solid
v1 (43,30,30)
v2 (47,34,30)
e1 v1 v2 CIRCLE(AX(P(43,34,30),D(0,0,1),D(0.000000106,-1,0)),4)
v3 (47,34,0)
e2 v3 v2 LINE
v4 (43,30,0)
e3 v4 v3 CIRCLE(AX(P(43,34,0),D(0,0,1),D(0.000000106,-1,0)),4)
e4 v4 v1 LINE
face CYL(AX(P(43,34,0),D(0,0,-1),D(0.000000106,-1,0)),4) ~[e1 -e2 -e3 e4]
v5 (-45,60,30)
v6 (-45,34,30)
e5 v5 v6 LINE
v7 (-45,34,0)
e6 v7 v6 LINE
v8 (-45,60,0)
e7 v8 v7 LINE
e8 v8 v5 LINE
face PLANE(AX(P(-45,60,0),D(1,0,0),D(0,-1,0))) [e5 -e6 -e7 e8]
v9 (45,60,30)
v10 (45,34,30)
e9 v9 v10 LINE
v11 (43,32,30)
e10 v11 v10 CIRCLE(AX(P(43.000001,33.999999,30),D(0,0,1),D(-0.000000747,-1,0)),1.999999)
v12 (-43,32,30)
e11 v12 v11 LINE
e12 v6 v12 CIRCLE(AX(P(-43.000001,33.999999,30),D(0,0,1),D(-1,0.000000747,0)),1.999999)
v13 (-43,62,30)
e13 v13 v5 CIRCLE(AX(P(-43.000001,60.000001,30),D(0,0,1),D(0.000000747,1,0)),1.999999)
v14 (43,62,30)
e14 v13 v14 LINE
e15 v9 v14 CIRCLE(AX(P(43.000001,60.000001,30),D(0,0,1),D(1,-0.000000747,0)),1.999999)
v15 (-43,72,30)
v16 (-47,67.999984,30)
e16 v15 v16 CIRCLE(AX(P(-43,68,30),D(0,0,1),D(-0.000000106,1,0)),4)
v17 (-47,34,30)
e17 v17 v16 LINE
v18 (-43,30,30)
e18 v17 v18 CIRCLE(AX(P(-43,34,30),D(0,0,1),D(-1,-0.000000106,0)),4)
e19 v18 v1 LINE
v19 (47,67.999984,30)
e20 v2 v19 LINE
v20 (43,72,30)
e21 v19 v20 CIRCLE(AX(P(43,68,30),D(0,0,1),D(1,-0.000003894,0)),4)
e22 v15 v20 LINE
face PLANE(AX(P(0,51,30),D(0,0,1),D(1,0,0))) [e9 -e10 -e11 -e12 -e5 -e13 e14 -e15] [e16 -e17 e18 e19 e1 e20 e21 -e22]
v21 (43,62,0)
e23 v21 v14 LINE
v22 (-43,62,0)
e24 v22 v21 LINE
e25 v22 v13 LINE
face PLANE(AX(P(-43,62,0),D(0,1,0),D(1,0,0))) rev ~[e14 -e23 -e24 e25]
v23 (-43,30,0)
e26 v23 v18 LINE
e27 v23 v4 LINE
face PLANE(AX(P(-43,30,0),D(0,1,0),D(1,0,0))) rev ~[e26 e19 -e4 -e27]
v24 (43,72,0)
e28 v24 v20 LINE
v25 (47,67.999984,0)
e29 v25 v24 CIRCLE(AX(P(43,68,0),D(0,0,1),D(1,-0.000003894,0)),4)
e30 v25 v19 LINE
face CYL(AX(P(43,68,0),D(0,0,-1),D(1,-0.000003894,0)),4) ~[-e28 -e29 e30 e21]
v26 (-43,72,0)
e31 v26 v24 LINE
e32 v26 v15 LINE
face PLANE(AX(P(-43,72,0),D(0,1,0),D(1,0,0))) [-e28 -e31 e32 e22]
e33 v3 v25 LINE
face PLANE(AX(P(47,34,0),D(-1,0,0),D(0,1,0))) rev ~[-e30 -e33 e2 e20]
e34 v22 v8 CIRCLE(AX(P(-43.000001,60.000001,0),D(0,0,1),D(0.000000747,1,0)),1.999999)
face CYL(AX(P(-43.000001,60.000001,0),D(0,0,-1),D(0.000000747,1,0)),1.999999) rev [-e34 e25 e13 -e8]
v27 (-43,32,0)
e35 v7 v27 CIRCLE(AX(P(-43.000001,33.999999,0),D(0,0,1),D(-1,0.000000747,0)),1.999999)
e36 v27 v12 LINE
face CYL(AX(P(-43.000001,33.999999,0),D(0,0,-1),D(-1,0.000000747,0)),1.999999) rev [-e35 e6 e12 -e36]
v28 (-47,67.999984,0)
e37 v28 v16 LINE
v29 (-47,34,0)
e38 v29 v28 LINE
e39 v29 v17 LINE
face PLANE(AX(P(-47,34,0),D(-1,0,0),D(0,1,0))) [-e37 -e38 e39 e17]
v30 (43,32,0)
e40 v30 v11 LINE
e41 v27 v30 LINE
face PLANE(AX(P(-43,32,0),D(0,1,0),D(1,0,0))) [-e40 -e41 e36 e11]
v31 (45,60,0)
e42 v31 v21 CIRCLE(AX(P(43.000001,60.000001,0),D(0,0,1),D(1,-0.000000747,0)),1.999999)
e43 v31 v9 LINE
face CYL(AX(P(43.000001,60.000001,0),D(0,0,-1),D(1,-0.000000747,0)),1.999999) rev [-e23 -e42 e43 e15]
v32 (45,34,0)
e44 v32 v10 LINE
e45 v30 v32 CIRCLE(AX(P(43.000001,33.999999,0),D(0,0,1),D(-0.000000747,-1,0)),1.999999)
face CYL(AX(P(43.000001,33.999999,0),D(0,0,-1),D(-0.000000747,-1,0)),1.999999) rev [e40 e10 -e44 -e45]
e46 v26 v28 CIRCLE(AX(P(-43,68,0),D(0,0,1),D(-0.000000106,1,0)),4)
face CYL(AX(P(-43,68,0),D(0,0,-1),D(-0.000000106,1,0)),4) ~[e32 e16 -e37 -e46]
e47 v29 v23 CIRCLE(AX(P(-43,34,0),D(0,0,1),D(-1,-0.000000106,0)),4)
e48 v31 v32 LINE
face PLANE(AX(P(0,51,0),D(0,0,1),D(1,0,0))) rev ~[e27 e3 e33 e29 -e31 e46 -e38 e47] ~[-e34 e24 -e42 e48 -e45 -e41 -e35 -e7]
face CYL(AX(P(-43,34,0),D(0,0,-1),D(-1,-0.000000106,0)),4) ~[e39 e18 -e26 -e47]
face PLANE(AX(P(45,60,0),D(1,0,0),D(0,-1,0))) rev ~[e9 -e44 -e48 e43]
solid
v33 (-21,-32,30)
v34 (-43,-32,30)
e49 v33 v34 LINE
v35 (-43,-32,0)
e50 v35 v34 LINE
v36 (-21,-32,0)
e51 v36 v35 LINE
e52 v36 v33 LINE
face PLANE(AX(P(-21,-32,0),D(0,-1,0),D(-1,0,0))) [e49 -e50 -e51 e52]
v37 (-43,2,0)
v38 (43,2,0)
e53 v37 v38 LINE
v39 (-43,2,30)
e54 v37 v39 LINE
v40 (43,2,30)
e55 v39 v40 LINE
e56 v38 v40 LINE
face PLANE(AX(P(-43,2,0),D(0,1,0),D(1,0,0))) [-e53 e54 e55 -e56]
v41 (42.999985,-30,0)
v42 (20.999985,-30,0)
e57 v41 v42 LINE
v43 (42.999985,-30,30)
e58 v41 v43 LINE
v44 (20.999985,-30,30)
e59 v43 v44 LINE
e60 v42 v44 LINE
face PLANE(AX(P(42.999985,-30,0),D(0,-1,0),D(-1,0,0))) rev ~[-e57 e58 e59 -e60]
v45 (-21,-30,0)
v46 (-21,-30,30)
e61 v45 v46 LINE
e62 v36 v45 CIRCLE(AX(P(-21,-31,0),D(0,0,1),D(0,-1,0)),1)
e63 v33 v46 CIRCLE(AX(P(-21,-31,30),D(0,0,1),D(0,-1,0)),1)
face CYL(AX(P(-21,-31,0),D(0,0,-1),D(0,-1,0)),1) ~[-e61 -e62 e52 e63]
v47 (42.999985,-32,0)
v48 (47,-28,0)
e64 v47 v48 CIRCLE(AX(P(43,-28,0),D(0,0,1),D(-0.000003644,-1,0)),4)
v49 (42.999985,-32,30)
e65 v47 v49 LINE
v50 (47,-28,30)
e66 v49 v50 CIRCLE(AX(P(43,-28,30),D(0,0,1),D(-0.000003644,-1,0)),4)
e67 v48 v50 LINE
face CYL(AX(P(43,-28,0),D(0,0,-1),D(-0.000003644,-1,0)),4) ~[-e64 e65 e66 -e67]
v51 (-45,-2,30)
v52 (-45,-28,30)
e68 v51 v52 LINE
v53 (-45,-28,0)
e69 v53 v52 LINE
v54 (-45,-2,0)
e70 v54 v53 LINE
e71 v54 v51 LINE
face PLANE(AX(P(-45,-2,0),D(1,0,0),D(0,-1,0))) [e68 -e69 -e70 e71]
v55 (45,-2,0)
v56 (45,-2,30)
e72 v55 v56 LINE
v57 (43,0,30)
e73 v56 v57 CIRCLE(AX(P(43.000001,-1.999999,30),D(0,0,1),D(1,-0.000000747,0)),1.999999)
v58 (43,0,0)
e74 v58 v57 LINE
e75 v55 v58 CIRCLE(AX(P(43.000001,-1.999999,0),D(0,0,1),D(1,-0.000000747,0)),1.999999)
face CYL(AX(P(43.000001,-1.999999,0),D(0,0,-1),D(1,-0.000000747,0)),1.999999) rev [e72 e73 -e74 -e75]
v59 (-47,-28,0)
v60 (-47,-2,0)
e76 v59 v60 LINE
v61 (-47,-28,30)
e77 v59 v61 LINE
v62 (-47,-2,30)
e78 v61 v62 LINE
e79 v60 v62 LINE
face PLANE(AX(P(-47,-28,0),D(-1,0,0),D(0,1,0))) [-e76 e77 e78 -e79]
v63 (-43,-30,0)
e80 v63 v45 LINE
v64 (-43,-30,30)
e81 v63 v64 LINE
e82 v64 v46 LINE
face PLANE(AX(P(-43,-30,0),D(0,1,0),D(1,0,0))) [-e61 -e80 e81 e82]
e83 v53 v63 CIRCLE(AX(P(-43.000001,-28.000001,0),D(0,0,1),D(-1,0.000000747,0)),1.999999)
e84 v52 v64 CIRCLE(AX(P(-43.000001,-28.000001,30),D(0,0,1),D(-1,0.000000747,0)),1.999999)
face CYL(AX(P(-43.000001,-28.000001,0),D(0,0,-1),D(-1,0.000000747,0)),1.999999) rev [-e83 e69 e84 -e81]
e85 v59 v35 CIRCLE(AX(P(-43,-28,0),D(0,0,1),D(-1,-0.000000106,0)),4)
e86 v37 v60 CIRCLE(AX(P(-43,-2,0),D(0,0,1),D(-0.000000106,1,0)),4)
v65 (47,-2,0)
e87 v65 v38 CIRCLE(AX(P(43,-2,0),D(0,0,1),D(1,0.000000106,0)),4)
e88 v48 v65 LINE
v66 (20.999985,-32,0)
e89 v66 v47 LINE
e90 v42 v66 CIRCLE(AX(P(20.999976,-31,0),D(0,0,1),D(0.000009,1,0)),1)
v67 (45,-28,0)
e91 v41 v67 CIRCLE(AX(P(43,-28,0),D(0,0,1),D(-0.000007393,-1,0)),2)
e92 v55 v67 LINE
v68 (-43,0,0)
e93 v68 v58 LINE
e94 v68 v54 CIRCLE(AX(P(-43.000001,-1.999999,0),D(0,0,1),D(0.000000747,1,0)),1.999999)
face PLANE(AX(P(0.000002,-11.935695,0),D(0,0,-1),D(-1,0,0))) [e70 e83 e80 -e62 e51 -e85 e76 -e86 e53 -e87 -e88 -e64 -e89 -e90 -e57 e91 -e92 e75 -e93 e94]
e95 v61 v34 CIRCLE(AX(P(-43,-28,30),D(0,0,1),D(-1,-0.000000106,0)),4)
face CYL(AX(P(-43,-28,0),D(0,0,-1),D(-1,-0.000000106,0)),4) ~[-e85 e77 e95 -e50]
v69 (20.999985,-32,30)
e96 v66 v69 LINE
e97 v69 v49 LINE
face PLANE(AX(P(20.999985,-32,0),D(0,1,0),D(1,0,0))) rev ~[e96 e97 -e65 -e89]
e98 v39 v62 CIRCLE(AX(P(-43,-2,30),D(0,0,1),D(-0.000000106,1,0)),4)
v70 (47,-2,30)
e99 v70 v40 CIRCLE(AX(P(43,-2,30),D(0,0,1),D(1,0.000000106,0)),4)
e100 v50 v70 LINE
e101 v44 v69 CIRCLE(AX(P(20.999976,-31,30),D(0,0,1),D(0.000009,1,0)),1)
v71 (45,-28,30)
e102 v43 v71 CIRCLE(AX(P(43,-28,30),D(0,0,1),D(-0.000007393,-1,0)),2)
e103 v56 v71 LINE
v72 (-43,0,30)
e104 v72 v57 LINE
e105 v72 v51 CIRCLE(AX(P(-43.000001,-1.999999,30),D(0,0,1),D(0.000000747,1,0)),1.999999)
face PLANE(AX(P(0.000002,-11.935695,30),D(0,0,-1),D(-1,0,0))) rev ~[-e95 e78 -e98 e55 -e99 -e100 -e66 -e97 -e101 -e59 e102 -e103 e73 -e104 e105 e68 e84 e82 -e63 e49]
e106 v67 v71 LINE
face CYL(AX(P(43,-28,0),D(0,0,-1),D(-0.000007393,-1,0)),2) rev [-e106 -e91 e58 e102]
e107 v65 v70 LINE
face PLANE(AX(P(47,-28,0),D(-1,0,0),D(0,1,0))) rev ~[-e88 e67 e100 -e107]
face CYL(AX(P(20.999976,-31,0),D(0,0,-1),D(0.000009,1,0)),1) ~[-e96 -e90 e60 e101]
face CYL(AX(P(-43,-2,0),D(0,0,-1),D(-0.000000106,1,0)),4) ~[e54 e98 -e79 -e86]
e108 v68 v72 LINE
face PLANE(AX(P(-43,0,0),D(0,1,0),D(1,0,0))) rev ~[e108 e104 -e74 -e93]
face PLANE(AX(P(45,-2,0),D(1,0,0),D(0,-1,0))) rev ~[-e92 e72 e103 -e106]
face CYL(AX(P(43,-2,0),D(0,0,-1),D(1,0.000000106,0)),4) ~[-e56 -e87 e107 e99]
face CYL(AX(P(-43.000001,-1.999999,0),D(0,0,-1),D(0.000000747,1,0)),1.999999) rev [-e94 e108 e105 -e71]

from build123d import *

# Parameters (mm, degrees)
PAD_DEPTH    = 30
PAD001_DEPTH = 30


with BuildPart() as open:
    # Sketch → Pad (new body)
    with BuildSketch(Plane.XY):
        with BuildLine():
            ThreePointArc((-43, 0), (-44.414214, -0.585786), (-45, -2))
            Line((-45, -2), (-45, -28))
            ThreePointArc((-45, -28), (-44.414214, -29.414214), (-43, -30))
            Line((-43, -30), (-21, -30))
            ThreePointArc((-21, -32), (-20, -31), (-21, -30))
            Line((-21, -32), (-43, -32))
            ThreePointArc((-47, -28), (-45.828427, -30.828427), (-43, -32))
            Line((-47, -28), (-47, -2))
            ThreePointArc((-43, 2), (-45.828427, 0.828427), (-47, -2))
            Line((-43, 2), (43, 2))
            ThreePointArc((47, -2), (45.828427, 0.828427), (43, 2))
            Line((47, -28), (47, -2))
            ThreePointArc((42.999985, -32), (45.828422, -30.828432), (47, -28))
            Line((20.999985, -32), (42.999985, -32))
            ThreePointArc((20.999985, -30), (19.999976, -31), (20.999985, -32))
            Line((42.999985, -30), (20.999985, -30))
            ThreePointArc((42.999985, -30), (44.414208, -29.414219), (45, -28))
            Line((45, -2), (45, -28))
            ThreePointArc((45, -2), (44.414214, -0.585786), (43, 0))
            Line((-43, 0), (43, 0))
        make_face()
    extrude(amount=PAD_DEPTH)


with BuildPart() as closed:
    # Sketch001 → Pad001 (new body)
    with BuildSketch(Plane.XY):
        with BuildLine():
            ThreePointArc((-47, 34), (-45.828427, 31.171573), (-43, 30))
            Line((-43, 30), (43, 30))
            ThreePointArc((43, 30), (45.828427, 31.171573), (47, 34))
            Line((47, 34), (47, 67.999984))
            ThreePointArc((47, 67.999984), (45.828433, 70.828421), (43, 72))
            Line((-43, 72), (43, 72))
            ThreePointArc((-43, 72), (-45.828433, 70.828421), (-47, 67.999984))
            Line((-47, 34), (-47, 67.999984))
        make_face()
        with BuildLine():
            ThreePointArc((-43, 62), (-44.414214, 61.414214), (-45, 60))
            Line((-45, 60), (-45, 34))
            ThreePointArc((-45, 34), (-44.414214, 32.585786), (-43, 32))
            Line((-43, 32), (43, 32))
            ThreePointArc((43, 32), (44.414214, 32.585786), (45, 34))
            Line((45, 60), (45, 34))
            ThreePointArc((45, 60), (44.414214, 61.414214), (43, 62))
            Line((-43, 62), (43, 62))
        make_face(mode=Mode.SUBTRACT)
    extrude(amount=PAD001_DEPTH)


solid = Compound([open.part, closed.part])
